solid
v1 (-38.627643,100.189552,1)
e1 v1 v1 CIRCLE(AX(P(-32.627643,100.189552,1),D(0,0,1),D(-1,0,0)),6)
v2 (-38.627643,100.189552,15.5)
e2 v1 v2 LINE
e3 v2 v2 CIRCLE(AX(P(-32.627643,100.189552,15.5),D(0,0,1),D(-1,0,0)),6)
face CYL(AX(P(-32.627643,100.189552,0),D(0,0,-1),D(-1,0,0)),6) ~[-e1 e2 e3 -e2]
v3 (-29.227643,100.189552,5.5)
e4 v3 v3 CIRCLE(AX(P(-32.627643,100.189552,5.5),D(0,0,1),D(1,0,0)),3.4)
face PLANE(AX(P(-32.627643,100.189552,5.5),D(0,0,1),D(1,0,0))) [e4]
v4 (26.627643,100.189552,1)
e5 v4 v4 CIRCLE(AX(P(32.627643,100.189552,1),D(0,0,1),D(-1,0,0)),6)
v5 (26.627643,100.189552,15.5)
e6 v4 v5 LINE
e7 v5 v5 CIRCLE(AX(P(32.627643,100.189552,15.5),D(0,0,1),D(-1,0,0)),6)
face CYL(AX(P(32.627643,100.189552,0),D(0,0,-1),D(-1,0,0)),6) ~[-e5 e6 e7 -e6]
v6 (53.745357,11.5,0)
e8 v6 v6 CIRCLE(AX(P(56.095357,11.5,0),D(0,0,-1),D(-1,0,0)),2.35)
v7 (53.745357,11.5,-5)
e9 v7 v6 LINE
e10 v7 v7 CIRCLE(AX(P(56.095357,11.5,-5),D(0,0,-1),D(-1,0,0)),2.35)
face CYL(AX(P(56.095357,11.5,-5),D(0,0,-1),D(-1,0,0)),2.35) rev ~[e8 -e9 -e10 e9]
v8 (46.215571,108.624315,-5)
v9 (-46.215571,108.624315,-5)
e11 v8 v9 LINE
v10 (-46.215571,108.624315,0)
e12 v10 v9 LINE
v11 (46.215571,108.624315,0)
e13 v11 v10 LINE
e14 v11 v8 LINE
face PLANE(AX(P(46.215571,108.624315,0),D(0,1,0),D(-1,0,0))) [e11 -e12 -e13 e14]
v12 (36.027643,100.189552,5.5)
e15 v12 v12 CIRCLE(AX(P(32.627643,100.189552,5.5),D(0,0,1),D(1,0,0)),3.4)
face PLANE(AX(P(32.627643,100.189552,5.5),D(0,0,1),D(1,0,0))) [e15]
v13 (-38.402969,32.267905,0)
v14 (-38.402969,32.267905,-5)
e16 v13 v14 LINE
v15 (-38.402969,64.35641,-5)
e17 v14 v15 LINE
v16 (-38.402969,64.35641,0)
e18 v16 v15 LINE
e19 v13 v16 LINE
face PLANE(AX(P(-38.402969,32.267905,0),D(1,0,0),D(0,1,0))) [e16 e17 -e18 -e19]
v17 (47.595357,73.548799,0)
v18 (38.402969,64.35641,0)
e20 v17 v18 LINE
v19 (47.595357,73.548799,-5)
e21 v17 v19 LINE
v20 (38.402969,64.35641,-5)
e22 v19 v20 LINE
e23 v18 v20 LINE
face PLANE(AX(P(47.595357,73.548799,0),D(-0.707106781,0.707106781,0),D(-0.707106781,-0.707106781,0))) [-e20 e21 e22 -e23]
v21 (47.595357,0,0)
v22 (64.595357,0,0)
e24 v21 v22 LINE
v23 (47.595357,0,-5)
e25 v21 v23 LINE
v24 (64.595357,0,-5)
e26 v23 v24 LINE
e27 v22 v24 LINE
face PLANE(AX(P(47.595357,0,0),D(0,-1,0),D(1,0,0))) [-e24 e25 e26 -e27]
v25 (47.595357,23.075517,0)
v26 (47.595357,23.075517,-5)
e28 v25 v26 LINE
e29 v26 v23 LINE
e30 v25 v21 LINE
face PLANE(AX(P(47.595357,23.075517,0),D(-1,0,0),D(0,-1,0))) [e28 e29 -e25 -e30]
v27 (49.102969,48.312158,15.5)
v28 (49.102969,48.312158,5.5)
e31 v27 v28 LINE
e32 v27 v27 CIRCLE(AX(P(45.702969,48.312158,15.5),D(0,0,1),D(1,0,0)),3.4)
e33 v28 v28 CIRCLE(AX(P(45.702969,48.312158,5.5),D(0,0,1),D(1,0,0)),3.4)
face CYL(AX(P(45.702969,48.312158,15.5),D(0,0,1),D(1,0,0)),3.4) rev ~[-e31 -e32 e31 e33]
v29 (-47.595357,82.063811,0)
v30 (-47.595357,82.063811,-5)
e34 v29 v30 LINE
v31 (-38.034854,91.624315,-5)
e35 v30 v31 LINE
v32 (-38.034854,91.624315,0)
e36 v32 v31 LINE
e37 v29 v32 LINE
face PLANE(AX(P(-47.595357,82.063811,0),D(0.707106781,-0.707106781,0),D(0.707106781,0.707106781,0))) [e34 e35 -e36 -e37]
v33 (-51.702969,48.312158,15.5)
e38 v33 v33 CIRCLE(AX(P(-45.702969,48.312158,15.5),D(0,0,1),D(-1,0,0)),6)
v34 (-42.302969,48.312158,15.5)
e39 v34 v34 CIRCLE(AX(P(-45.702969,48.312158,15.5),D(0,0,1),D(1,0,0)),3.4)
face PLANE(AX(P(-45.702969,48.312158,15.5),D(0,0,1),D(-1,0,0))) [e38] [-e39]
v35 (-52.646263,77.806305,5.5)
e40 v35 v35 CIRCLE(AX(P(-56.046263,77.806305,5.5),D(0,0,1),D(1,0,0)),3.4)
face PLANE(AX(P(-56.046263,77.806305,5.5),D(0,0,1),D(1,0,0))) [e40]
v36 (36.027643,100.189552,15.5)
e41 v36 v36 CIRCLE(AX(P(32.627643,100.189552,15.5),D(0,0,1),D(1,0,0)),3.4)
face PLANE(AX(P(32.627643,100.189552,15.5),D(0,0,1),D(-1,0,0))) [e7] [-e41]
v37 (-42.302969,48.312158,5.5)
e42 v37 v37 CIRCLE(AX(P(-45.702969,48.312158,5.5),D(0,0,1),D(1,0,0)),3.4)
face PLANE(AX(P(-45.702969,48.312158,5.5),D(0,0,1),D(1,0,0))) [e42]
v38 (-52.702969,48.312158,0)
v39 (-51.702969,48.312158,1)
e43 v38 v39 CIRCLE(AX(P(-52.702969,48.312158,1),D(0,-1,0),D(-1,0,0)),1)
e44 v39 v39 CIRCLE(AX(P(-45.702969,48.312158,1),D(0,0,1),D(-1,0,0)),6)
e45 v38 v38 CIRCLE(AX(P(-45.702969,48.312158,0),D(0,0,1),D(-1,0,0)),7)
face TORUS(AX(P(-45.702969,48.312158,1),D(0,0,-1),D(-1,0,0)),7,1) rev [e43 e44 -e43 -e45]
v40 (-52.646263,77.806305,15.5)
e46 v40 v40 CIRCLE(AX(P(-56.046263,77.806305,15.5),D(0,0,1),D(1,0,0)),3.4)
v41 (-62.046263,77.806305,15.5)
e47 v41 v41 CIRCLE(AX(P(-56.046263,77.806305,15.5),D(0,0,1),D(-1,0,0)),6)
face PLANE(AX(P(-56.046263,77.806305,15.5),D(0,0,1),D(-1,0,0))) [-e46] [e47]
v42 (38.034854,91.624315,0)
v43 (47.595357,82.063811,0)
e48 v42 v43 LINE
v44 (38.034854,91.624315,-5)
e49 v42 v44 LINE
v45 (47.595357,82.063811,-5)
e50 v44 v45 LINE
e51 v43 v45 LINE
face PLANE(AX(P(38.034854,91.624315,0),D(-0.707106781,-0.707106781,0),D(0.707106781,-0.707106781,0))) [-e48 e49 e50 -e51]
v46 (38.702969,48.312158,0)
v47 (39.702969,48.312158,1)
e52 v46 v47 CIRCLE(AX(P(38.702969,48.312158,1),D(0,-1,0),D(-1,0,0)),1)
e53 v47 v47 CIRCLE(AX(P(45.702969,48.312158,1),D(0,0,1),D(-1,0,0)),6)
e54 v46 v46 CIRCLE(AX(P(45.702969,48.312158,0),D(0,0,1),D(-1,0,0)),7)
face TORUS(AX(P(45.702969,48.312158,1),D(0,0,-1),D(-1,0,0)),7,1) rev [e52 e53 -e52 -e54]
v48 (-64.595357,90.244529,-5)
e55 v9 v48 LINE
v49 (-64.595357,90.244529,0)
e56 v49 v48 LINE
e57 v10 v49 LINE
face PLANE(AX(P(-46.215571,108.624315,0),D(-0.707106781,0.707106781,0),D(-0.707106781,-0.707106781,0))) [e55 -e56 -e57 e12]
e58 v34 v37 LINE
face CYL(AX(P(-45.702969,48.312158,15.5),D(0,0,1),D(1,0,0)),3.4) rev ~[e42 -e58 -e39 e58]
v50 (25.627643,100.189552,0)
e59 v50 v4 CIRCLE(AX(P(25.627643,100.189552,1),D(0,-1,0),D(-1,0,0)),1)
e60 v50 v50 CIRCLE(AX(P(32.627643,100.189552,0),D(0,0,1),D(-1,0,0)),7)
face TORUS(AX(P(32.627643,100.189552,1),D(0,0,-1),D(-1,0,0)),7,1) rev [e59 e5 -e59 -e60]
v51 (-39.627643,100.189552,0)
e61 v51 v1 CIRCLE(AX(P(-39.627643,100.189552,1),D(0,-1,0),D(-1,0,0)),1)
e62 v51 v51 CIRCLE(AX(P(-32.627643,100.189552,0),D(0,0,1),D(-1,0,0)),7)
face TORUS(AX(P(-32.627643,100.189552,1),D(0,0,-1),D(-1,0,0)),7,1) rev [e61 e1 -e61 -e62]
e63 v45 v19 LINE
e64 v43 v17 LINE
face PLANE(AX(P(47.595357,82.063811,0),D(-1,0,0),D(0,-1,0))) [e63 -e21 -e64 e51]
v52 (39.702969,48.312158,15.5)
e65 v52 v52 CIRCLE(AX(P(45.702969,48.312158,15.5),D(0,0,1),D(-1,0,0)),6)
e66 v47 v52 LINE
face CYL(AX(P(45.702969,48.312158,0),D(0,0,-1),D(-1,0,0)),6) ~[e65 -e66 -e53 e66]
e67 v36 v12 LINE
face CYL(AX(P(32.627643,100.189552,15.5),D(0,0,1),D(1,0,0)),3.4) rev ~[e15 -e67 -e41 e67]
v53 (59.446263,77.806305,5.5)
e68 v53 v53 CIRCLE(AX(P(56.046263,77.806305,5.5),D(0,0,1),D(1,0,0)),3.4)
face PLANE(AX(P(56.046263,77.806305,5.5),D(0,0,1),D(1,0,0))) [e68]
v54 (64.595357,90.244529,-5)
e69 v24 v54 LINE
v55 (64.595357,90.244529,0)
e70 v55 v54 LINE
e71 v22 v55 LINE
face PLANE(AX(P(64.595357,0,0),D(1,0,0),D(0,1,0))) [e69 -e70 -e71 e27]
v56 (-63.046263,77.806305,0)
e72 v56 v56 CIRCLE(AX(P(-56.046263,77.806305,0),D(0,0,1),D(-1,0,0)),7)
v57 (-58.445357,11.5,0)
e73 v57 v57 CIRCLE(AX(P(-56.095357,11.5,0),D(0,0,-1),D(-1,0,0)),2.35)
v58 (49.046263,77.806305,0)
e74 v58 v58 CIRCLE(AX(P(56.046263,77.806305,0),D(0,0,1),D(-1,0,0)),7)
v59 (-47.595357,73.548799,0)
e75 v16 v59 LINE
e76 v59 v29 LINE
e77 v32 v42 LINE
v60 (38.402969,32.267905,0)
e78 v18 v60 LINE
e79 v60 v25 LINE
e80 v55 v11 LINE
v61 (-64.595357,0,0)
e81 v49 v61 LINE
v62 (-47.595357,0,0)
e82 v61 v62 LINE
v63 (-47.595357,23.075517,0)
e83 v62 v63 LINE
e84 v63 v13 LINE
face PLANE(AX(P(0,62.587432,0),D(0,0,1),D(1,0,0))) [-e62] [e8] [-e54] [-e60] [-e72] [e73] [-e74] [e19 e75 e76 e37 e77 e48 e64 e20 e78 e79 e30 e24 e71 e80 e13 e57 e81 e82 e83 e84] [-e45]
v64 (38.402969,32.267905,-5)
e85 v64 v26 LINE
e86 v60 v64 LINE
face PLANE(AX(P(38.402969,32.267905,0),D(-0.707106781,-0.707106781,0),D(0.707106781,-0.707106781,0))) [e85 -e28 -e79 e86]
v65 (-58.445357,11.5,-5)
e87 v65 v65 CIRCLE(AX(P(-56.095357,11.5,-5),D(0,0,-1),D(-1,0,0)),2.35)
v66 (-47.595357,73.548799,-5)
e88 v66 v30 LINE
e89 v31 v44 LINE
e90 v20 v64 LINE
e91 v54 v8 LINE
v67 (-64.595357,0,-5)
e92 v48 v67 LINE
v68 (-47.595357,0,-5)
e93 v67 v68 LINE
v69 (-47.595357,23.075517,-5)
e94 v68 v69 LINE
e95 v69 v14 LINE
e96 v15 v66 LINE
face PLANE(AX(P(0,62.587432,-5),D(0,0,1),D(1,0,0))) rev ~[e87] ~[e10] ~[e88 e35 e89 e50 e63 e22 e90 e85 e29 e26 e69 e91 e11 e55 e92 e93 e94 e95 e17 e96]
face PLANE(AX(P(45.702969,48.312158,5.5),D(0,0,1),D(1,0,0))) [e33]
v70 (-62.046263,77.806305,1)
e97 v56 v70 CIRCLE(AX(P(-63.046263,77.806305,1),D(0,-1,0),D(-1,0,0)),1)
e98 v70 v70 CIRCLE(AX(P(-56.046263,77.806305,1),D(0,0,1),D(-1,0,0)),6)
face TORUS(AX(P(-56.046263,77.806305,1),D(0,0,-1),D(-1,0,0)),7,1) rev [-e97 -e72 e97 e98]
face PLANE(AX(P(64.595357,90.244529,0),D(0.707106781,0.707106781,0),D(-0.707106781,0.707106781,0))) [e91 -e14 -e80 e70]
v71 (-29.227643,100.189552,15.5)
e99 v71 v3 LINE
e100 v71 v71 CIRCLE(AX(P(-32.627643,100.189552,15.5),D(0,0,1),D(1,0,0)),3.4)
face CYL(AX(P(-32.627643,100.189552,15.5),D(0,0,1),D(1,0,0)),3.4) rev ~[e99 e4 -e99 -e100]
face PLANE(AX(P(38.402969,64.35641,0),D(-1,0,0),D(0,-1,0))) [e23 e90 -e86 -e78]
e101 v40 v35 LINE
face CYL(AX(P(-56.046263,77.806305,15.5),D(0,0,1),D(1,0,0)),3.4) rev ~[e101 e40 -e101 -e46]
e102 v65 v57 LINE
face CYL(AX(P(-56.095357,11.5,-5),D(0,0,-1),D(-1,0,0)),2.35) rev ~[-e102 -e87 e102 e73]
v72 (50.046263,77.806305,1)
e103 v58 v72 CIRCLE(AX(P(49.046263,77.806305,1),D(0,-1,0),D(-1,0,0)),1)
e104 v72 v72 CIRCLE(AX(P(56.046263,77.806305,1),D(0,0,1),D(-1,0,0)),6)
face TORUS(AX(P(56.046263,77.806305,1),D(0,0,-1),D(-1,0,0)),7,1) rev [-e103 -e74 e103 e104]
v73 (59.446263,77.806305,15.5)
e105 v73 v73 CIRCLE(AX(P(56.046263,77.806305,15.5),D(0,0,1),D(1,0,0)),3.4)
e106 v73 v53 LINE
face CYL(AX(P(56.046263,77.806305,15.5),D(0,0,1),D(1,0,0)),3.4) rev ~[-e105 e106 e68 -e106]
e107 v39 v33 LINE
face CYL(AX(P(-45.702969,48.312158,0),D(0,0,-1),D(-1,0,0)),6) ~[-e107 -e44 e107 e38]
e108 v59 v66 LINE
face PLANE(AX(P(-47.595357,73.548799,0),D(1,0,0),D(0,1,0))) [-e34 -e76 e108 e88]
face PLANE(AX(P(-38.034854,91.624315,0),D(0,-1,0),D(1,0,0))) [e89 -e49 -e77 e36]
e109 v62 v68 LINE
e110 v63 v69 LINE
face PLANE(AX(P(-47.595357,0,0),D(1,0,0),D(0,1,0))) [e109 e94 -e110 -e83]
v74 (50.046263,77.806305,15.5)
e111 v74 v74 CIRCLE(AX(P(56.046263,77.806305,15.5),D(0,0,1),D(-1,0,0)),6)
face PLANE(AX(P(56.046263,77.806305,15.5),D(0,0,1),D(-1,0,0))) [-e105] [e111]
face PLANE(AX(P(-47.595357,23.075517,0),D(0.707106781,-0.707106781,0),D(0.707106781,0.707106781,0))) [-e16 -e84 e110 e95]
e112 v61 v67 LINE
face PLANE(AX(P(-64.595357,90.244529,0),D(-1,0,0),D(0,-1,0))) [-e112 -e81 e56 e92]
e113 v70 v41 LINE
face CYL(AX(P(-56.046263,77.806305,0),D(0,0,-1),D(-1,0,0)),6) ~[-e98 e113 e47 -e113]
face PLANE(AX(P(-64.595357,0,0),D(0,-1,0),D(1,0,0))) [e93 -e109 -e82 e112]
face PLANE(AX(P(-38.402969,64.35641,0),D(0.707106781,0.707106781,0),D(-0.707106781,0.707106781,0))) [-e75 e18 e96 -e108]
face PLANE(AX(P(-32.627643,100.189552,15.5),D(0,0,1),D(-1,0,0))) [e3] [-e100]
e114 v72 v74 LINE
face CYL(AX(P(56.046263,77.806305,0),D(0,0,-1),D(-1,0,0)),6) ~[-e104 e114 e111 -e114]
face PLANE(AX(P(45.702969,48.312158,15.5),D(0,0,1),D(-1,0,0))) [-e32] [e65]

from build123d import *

# Parameters (mm, degrees)
BOSS_EXTRUDE2_DEPTH = 5
SKETCH4_R           = 6
BOSS_EXTRUDE3_DEPTH = 15.5
FILLET1_R           = 1
CUT_EXTRUDE1_REACH  = 130.031
SKETCH5_R           = 2.35
SKETCH6_R           = 3.4
CUT_EXTRUDE2_DEPTH  = 10


with BuildPart() as part:
    # Sketch2 → Boss-Extrude2 (new body)
    with BuildSketch(Plane.XY):
        Polygon((-38.034853609, 91.624315191), (0, 91.624315191), (38.034853609, 91.624315191), (47.595357442, 82.063811359), (47.595357442, 73.548798616), (38.402969286, 64.356410461), (38.402969286, 32.26790473), (47.595357442, 23.075516575), (47.595357442, 0), (64.595357442, 0), (64.595357442, 90.244528717), (46.215570967, 108.624315191), (0, 108.624315191), (-46.215570967, 108.624315191), (-64.595357442, 90.244528717), (-64.595357442, 0), (-47.595357442, 0), (-47.595357442, 23.075516575), (-38.402969286, 32.26790473), (-38.402969286, 64.356410461), (-47.595357442, 73.548798616), (-47.595357442, 82.063811359), align=None)
    extrude(amount=-BOSS_EXTRUDE2_DEPTH)

    # Sketch4 → Boss-Extrude3 (add)
    with BuildSketch(Plane.XY):
        with Locations(Location((45.702969286, 48.312157595, 0), (0, 0, 180))):
            Circle(SKETCH4_R)
        with Locations(Location((56.046263063, 77.806304987, 0), (0, 0, 180))):
            Circle(SKETCH4_R)
        with Locations(Location((32.627642792, 100.189552245, 0), (0, 0, 180))):
            Circle(SKETCH4_R)
        with Locations(Location((-32.627642792, 100.189552245, 0), (0, 0, 180))):
            Circle(SKETCH4_R)
        with Locations(Location((-45.702969286, 48.312157595, 0), (0, 0, 180))):
            Circle(SKETCH4_R)
        with Locations(Location((-56.046263063, 77.806304987, 0), (0, 0, 180))):
            Circle(SKETCH4_R)
    extrude(amount=BOSS_EXTRUDE3_DEPTH)

    # Fillet1
    fillet1_edges = [part.edges().sort_by_distance(p)[0] for p in [
        (51.702969286, 48.312157595, 0),
        (-50.046263063, 77.806304987, 0),
        (-39.702969286, 48.312157595, 0),
        (-26.627642792, 100.189552245, 0),
        (38.627642792, 100.189552245, 0),
        (62.046263063, 77.806304987, 0),
    ]]
    fillet(fillet1_edges, radius=FILLET1_R)

    # Sketch5 → Cut-Extrude1 (cut, up to next)
    with BuildSketch(Plane(origin=(0, 0, -5), x_dir=(-1, 0, 0), z_dir=(0, 0, -1)), mode=Mode.PRIVATE) as cut_extrude1_sk1:
        with Locations((56.095357442, 11.5)):
            Circle(SKETCH5_R)
    cut_extrude1_tool1 = extrude(cut_extrude1_sk1.sketch, amount=-CUT_EXTRUDE1_REACH, mode=Mode.PRIVATE) & part.part
    # Sketch5 → Cut-Extrude1 (cut, up to next)
    with BuildSketch(Plane(origin=(0, 0, -5), x_dir=(-1, 0, 0), z_dir=(0, 0, -1)), mode=Mode.PRIVATE) as cut_extrude1_sk2:
        with Locations((-56.095357442, 11.5)):
            Circle(SKETCH5_R)
    cut_extrude1_tool2 = extrude(cut_extrude1_sk2.sketch, amount=-CUT_EXTRUDE1_REACH, mode=Mode.PRIVATE) & part.part
    add(cut_extrude1_tool1.solids().sort_by_distance((-56.095357, 11.5, -5))[0], mode=Mode.SUBTRACT)
    add(cut_extrude1_tool2.solids().sort_by_distance((56.095357, 11.5, -5))[0], mode=Mode.SUBTRACT)

    # Sketch6 → Cut-Extrude2 (cut)
    with BuildSketch(Plane.XY.offset(15.5)):
        with Locations((-56.046263063, 77.806304987)):
            Circle(SKETCH6_R)
        with Locations((-32.627642792, 100.189552245)):
            Circle(SKETCH6_R)
        with Locations((32.627642792, 100.189552245)):
            Circle(SKETCH6_R)
        with Locations((56.046263063, 77.806304987)):
            Circle(SKETCH6_R)
        with Locations((45.702969286, 48.312157595)):
            Circle(SKETCH6_R)
        with Locations((-45.702969286, 48.312157595)):
            Circle(SKETCH6_R)
    extrude(amount=-CUT_EXTRUDE2_DEPTH, mode=Mode.SUBTRACT)


solid = part.part
